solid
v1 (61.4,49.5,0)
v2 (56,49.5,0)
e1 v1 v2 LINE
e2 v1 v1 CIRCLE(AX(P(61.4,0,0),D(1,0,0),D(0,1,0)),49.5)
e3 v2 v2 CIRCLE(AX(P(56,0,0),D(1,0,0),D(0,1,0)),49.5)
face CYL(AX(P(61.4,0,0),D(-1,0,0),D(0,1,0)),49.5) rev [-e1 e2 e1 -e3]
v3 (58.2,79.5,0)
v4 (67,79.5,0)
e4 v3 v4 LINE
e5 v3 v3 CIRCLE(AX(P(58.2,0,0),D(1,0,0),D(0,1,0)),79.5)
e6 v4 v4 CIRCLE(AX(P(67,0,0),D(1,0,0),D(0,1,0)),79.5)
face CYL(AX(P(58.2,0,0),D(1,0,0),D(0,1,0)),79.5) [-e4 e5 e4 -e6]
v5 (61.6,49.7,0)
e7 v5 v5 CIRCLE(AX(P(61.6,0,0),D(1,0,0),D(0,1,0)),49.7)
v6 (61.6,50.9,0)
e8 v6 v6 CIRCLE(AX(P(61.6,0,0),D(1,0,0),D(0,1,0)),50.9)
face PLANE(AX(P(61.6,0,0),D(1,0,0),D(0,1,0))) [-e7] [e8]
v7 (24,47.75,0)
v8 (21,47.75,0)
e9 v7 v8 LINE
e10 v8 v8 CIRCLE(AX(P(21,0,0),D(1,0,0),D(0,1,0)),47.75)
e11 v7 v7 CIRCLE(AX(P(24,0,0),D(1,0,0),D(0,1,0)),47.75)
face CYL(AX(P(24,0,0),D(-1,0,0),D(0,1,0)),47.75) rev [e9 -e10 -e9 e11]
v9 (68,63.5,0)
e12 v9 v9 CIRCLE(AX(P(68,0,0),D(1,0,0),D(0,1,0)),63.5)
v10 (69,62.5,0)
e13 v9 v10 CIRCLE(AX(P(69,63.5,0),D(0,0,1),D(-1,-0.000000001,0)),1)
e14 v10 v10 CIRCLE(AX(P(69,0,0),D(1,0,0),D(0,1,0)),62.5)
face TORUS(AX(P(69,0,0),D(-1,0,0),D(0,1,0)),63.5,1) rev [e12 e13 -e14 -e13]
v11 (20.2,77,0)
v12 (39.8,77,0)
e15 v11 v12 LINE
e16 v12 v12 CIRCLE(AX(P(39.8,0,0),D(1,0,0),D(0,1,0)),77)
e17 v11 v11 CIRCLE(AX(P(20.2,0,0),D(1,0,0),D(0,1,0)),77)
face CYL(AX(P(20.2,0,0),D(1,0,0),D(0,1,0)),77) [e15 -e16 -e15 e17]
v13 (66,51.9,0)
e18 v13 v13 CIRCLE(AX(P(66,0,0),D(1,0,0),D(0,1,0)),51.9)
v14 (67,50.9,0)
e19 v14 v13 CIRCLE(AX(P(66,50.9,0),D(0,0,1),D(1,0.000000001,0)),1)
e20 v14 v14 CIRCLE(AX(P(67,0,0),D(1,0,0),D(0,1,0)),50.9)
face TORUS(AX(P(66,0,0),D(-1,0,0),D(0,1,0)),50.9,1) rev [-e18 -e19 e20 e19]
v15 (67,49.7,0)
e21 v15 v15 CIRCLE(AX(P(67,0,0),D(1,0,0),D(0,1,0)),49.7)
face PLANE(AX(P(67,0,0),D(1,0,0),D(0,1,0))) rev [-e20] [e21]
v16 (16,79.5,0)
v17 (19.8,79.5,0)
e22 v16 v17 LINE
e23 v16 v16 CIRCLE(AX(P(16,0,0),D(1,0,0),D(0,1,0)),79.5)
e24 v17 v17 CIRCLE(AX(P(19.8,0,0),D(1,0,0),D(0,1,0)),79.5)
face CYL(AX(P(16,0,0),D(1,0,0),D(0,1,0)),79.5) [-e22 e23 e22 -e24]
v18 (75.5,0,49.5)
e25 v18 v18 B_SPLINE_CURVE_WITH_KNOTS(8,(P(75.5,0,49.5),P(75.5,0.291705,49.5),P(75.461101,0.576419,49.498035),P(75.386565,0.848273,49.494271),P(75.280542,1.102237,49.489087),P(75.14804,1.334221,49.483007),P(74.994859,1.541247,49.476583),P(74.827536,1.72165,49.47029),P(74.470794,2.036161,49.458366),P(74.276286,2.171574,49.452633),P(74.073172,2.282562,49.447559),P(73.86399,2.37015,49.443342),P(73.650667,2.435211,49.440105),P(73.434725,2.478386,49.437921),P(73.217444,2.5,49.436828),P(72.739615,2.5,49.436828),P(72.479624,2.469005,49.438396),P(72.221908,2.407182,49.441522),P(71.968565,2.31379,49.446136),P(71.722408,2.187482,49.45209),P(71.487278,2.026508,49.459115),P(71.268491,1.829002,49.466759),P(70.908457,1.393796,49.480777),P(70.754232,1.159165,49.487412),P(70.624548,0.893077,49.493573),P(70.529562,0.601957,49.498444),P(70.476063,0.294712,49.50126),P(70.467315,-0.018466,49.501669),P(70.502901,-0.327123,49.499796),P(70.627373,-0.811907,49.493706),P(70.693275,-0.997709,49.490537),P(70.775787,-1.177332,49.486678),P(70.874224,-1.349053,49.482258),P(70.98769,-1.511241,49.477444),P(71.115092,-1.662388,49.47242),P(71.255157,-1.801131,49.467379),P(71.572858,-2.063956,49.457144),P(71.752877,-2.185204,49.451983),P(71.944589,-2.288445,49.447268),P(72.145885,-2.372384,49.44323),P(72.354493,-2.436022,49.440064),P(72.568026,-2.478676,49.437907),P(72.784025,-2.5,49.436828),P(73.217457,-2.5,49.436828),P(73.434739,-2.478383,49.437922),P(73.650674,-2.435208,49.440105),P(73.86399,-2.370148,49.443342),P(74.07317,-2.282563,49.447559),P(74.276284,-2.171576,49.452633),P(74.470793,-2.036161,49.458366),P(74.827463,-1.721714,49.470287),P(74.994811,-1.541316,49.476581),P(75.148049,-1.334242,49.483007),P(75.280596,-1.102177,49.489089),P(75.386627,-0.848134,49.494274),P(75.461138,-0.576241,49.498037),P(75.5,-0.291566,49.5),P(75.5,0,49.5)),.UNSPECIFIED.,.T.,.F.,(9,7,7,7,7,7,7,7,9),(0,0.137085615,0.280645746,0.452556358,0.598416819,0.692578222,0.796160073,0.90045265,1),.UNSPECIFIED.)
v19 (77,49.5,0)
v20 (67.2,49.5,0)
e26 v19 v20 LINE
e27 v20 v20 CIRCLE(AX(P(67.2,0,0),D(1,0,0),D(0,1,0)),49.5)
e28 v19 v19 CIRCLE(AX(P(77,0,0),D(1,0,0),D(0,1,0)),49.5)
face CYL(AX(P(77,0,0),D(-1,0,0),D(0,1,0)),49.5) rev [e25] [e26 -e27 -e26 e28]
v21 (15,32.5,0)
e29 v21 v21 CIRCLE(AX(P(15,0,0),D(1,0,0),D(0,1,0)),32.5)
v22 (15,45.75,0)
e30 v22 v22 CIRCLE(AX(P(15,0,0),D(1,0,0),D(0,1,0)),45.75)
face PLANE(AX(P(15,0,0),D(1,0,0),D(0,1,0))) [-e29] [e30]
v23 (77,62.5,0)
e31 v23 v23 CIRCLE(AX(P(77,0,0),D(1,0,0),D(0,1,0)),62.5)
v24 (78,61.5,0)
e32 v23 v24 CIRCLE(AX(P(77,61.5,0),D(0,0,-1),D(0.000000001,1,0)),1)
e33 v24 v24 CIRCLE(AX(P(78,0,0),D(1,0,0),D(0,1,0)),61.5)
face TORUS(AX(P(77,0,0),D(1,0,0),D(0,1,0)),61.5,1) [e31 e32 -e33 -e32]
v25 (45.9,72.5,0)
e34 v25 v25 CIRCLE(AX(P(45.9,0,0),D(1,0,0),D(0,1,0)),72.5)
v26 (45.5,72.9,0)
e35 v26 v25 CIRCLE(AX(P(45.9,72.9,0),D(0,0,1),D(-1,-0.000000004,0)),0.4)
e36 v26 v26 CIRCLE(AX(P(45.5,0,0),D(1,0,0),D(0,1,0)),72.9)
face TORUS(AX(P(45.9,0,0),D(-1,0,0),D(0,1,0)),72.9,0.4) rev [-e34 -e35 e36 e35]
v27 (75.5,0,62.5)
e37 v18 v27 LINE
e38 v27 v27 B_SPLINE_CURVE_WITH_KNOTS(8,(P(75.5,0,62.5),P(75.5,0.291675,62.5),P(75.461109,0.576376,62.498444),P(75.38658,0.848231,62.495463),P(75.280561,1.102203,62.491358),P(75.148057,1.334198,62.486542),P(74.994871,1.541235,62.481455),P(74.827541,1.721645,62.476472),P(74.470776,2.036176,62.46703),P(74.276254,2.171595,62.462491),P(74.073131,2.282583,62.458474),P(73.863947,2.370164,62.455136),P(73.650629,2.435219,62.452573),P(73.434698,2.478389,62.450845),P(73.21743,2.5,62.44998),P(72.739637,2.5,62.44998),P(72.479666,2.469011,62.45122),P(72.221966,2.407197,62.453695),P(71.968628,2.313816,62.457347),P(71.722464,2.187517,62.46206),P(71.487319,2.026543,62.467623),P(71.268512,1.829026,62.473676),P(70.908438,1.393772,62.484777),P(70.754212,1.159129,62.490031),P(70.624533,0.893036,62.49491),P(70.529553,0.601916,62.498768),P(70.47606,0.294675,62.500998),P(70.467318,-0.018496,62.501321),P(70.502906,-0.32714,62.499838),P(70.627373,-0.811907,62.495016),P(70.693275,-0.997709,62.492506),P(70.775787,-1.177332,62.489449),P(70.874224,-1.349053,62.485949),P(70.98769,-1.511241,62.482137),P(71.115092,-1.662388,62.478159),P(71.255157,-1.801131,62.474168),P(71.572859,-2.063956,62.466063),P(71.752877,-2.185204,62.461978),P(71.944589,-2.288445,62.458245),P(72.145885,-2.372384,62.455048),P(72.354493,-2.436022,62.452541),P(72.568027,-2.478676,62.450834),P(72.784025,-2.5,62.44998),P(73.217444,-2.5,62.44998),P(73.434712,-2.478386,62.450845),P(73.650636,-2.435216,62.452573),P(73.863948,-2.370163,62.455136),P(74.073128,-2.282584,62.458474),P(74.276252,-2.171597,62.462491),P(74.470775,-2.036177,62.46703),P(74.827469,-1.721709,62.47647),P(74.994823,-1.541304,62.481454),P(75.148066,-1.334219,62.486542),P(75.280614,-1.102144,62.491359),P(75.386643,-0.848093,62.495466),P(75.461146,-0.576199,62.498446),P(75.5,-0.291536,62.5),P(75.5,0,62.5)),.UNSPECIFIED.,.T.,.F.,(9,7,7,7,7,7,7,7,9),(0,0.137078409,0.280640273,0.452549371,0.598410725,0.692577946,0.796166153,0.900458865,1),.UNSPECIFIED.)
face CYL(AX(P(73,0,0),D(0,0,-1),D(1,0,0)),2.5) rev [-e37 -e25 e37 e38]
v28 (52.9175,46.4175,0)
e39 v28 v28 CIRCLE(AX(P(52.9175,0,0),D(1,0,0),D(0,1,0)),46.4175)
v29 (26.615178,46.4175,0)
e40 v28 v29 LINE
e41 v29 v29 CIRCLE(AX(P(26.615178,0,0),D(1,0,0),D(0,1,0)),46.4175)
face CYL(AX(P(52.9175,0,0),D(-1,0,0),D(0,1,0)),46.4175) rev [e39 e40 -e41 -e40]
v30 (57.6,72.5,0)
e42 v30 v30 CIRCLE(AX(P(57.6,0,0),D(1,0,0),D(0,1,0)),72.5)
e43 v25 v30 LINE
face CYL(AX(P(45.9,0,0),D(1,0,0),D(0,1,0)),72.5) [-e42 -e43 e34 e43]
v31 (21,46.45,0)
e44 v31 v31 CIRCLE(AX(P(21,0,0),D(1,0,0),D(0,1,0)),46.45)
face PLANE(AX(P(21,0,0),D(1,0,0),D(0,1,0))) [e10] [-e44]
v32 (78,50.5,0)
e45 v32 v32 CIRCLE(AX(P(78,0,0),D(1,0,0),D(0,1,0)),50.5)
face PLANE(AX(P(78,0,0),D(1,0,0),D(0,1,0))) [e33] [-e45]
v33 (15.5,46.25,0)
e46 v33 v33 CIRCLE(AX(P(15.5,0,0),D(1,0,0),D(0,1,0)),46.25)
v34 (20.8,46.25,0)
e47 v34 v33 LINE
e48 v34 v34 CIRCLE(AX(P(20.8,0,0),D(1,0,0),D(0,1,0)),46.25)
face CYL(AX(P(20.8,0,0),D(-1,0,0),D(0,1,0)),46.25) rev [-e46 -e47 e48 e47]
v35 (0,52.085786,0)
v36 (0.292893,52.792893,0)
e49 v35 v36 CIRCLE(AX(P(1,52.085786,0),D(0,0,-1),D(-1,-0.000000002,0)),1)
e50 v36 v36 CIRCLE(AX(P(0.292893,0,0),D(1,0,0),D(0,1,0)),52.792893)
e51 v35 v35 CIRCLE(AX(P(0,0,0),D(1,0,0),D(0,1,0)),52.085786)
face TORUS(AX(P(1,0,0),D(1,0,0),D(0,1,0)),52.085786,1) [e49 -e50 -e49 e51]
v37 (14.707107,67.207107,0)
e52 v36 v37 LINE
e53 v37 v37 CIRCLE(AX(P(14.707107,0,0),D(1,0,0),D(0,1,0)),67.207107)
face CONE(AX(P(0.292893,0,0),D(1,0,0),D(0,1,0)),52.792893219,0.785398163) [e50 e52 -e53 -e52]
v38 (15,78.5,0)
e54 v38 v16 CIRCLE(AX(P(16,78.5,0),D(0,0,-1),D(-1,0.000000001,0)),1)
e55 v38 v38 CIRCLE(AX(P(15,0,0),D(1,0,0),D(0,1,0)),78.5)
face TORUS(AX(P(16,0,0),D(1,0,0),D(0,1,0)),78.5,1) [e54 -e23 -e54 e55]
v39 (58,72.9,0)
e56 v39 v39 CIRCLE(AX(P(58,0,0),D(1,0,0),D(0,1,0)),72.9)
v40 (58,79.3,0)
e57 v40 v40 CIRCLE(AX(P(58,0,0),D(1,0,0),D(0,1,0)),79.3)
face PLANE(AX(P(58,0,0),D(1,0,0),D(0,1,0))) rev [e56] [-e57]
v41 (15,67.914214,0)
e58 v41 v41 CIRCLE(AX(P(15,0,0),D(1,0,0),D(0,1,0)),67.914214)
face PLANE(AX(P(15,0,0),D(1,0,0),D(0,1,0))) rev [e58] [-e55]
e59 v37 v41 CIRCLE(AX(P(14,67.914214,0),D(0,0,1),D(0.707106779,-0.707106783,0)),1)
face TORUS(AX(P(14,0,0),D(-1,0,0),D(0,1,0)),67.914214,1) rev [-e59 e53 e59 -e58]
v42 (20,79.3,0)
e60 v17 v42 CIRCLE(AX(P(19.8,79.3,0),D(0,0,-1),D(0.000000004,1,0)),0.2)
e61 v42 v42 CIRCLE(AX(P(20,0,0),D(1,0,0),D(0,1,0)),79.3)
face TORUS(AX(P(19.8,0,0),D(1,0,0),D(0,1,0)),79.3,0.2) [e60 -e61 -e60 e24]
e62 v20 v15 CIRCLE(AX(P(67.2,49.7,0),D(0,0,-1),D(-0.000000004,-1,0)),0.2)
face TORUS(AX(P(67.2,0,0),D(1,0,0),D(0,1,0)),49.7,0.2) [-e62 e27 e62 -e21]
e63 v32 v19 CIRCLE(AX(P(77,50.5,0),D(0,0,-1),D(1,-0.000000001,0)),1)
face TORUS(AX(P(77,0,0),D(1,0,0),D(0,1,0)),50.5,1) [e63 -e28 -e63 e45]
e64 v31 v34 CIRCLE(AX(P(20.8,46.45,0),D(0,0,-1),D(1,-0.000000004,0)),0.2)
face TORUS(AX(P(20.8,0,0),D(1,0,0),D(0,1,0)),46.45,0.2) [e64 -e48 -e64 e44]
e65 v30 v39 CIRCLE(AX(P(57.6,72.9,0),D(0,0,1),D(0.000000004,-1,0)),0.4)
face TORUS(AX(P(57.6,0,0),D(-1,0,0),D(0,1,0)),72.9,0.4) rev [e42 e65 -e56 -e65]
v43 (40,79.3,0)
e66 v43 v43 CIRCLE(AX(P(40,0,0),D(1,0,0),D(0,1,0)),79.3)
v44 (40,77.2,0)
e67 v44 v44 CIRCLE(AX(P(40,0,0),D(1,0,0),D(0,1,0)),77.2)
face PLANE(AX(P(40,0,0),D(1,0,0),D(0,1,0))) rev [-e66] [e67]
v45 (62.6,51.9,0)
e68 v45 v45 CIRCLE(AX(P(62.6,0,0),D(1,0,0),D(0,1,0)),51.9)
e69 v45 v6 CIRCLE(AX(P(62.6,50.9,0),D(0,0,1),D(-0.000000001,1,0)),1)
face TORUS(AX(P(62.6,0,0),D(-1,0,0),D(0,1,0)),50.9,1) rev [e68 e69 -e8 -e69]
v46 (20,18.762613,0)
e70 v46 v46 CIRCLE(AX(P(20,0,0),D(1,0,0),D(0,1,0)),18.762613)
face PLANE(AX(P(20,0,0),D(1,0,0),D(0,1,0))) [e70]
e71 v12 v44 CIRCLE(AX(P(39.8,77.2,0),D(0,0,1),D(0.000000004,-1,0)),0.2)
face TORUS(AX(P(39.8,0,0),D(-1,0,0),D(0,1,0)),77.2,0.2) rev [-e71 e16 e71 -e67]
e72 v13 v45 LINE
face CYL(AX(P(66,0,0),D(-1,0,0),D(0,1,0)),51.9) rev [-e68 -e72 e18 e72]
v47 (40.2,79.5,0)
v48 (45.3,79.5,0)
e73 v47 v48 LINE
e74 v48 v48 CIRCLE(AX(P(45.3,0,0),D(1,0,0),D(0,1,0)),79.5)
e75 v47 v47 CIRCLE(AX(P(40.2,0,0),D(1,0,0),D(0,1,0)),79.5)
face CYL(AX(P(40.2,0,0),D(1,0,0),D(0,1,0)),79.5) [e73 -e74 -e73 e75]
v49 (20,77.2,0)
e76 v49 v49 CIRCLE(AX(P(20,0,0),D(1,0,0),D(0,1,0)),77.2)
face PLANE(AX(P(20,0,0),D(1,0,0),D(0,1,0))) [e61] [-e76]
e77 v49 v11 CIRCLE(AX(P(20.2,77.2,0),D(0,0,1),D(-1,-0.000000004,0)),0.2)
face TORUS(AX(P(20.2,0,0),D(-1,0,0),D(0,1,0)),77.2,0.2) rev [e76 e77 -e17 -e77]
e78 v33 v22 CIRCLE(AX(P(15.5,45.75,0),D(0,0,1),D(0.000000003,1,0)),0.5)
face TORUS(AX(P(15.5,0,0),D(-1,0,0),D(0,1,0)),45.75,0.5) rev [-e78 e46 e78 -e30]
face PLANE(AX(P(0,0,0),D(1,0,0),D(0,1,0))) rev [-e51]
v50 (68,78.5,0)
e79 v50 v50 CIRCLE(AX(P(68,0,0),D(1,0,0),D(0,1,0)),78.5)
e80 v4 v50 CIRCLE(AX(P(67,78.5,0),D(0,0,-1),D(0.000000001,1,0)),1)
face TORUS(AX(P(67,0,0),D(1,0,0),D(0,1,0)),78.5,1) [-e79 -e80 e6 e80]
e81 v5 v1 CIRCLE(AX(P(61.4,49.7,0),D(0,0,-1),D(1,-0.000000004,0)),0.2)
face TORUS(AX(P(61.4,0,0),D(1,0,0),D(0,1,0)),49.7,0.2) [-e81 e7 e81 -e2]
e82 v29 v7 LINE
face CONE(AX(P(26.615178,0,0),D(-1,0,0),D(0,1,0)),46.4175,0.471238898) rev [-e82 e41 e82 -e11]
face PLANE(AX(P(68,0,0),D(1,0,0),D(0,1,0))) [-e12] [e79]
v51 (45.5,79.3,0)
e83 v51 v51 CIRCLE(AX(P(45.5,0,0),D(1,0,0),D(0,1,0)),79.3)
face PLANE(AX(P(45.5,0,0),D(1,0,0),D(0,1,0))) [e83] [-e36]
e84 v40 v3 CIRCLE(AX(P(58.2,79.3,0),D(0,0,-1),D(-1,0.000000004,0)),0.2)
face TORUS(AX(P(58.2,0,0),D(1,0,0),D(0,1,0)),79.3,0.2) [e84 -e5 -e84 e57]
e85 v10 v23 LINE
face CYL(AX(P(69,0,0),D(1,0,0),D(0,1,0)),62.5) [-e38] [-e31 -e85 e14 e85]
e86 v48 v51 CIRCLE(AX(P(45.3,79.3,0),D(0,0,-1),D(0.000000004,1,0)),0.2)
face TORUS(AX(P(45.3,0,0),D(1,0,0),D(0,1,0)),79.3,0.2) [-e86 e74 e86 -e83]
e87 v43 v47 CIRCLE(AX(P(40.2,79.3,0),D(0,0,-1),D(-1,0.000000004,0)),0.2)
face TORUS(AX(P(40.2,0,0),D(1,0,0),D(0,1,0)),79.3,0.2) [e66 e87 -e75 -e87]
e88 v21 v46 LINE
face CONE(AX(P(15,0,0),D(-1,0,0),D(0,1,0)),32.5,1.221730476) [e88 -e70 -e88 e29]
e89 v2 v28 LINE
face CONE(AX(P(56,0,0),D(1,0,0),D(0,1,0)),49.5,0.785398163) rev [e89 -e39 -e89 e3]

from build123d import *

# Parameters (mm, degrees)
SKETCH2_R          = 2.5
M6_GEVINDHUL_DEPTH = 80.5


with BuildPart() as part:
    # Sketch1 → Base-Revolve (revolve)
    with BuildSketch(Plane.XY):
        with BuildLine():
            Line((15, 67.914213562), (15, 78.5))
            ThreePointArc((15, 78.5), (15.292893219, 79.207106781), (16, 79.5))
            Line((16, 79.5), (19.8, 79.5))
            ThreePointArc((19.8, 79.5), (19.941421356, 79.441421356), (20, 79.3))
            Line((20, 79.3), (20, 77.2))
            ThreePointArc((20, 77.2), (20.058578644, 77.058578644), (20.2, 77))
            Line((20.2, 77), (39.8, 77))
            ThreePointArc((39.8, 77), (39.941421356, 77.058578644), (40, 77.2))
            Line((40, 77.2), (40, 79.3))
            ThreePointArc((40, 79.3), (40.058578644, 79.441421356), (40.2, 79.5))
            Line((40.2, 79.5), (45.3, 79.5))
            ThreePointArc((45.3, 79.5), (45.441421356, 79.441421356), (45.5, 79.3))
            Line((45.5, 79.3), (45.5, 72.9))
            ThreePointArc((45.5, 72.9), (45.617157288, 72.617157288), (45.9, 72.5))
            Line((45.9, 72.5), (57.6, 72.5))
            ThreePointArc((57.6, 72.5), (57.882842712, 72.617157288), (58, 72.9))
            Line((58, 72.9), (58, 79.3))
            ThreePointArc((58, 79.3), (58.058578644, 79.441421356), (58.2, 79.5))
            Line((58.2, 79.5), (67, 79.5))
            ThreePointArc((67, 79.5), (67.707106781, 79.207106781), (68, 78.5))
            Line((68, 78.5), (68, 63.5))
            ThreePointArc((68, 63.5), (68.292893219, 62.792893219), (69, 62.5))
            Line((69, 62.5), (77, 62.5))
            ThreePointArc((77, 62.5), (77.707106781, 62.207106781), (78, 61.5))
            Line((78, 61.5), (78, 50.5))
            ThreePointArc((78, 50.5), (77.707106781, 49.792893219), (77, 49.5))
            Line((77, 49.5), (67.2, 49.5))
            ThreePointArc((67.2, 49.5), (67.058578644, 49.558578644), (67, 49.7))
            Line((67, 49.7), (67, 50.9))
            ThreePointArc((67, 50.9), (66.707106781, 51.607106781), (66, 51.9))
            Line((66, 51.9), (62.6, 51.9))
            ThreePointArc((62.6, 51.9), (61.892893219, 51.607106781), (61.6, 50.9))
            Line((61.6, 50.9), (61.6, 49.7))
            ThreePointArc((61.6, 49.7), (61.541421356, 49.558578644), (61.4, 49.5))
            Line((61.4, 49.5), (56, 49.5))
            Line((56, 49.5), (52.9175, 46.4175))
            Line((52.9175, 46.4175), (26.615178499, 46.4175))
            Line((26.615178499, 46.4175), (24, 47.75))
            Line((24, 47.75), (21, 47.75))
            Line((21, 47.75), (21, 46.45))
            ThreePointArc((21, 46.45), (20.941421356, 46.308578644), (20.8, 46.25))
            Line((20.8, 46.25), (15.5, 46.25))
            ThreePointArc((15.5, 46.25), (15.146446609, 46.103553391), (15, 45.75))
            Line((15, 45.75), (15, 32.5))
            Line((15, 32.5), (20, 18.762612903))
            Line((20, 18.762612903), (20, 0))
            Line((20, 0), (0, 0))
            Line((0, 0), (0, 52.085786438))
            ThreePointArc((0, 52.085786438), (0.076120467, 52.46846987), (0.292893219, 52.792893219))
            Line((0.292893219, 52.792893219), (14.707106781, 67.207106781))
            ThreePointArc((14.707106781, 67.207106781), (14.923879533, 67.53153013), (15, 67.914213562))
        make_face()
    revolve(axis=Axis((-64.519784768, 0, 0), (1, 0, 0)))

    # Sketch2 → M6 gevindhul (cut, through all)
    with BuildSketch(Plane.XY):
        with Locations((73, 0)):
            Circle(SKETCH2_R)
    extrude(amount=M6_GEVINDHUL_DEPTH, mode=Mode.SUBTRACT)


solid = part.part
